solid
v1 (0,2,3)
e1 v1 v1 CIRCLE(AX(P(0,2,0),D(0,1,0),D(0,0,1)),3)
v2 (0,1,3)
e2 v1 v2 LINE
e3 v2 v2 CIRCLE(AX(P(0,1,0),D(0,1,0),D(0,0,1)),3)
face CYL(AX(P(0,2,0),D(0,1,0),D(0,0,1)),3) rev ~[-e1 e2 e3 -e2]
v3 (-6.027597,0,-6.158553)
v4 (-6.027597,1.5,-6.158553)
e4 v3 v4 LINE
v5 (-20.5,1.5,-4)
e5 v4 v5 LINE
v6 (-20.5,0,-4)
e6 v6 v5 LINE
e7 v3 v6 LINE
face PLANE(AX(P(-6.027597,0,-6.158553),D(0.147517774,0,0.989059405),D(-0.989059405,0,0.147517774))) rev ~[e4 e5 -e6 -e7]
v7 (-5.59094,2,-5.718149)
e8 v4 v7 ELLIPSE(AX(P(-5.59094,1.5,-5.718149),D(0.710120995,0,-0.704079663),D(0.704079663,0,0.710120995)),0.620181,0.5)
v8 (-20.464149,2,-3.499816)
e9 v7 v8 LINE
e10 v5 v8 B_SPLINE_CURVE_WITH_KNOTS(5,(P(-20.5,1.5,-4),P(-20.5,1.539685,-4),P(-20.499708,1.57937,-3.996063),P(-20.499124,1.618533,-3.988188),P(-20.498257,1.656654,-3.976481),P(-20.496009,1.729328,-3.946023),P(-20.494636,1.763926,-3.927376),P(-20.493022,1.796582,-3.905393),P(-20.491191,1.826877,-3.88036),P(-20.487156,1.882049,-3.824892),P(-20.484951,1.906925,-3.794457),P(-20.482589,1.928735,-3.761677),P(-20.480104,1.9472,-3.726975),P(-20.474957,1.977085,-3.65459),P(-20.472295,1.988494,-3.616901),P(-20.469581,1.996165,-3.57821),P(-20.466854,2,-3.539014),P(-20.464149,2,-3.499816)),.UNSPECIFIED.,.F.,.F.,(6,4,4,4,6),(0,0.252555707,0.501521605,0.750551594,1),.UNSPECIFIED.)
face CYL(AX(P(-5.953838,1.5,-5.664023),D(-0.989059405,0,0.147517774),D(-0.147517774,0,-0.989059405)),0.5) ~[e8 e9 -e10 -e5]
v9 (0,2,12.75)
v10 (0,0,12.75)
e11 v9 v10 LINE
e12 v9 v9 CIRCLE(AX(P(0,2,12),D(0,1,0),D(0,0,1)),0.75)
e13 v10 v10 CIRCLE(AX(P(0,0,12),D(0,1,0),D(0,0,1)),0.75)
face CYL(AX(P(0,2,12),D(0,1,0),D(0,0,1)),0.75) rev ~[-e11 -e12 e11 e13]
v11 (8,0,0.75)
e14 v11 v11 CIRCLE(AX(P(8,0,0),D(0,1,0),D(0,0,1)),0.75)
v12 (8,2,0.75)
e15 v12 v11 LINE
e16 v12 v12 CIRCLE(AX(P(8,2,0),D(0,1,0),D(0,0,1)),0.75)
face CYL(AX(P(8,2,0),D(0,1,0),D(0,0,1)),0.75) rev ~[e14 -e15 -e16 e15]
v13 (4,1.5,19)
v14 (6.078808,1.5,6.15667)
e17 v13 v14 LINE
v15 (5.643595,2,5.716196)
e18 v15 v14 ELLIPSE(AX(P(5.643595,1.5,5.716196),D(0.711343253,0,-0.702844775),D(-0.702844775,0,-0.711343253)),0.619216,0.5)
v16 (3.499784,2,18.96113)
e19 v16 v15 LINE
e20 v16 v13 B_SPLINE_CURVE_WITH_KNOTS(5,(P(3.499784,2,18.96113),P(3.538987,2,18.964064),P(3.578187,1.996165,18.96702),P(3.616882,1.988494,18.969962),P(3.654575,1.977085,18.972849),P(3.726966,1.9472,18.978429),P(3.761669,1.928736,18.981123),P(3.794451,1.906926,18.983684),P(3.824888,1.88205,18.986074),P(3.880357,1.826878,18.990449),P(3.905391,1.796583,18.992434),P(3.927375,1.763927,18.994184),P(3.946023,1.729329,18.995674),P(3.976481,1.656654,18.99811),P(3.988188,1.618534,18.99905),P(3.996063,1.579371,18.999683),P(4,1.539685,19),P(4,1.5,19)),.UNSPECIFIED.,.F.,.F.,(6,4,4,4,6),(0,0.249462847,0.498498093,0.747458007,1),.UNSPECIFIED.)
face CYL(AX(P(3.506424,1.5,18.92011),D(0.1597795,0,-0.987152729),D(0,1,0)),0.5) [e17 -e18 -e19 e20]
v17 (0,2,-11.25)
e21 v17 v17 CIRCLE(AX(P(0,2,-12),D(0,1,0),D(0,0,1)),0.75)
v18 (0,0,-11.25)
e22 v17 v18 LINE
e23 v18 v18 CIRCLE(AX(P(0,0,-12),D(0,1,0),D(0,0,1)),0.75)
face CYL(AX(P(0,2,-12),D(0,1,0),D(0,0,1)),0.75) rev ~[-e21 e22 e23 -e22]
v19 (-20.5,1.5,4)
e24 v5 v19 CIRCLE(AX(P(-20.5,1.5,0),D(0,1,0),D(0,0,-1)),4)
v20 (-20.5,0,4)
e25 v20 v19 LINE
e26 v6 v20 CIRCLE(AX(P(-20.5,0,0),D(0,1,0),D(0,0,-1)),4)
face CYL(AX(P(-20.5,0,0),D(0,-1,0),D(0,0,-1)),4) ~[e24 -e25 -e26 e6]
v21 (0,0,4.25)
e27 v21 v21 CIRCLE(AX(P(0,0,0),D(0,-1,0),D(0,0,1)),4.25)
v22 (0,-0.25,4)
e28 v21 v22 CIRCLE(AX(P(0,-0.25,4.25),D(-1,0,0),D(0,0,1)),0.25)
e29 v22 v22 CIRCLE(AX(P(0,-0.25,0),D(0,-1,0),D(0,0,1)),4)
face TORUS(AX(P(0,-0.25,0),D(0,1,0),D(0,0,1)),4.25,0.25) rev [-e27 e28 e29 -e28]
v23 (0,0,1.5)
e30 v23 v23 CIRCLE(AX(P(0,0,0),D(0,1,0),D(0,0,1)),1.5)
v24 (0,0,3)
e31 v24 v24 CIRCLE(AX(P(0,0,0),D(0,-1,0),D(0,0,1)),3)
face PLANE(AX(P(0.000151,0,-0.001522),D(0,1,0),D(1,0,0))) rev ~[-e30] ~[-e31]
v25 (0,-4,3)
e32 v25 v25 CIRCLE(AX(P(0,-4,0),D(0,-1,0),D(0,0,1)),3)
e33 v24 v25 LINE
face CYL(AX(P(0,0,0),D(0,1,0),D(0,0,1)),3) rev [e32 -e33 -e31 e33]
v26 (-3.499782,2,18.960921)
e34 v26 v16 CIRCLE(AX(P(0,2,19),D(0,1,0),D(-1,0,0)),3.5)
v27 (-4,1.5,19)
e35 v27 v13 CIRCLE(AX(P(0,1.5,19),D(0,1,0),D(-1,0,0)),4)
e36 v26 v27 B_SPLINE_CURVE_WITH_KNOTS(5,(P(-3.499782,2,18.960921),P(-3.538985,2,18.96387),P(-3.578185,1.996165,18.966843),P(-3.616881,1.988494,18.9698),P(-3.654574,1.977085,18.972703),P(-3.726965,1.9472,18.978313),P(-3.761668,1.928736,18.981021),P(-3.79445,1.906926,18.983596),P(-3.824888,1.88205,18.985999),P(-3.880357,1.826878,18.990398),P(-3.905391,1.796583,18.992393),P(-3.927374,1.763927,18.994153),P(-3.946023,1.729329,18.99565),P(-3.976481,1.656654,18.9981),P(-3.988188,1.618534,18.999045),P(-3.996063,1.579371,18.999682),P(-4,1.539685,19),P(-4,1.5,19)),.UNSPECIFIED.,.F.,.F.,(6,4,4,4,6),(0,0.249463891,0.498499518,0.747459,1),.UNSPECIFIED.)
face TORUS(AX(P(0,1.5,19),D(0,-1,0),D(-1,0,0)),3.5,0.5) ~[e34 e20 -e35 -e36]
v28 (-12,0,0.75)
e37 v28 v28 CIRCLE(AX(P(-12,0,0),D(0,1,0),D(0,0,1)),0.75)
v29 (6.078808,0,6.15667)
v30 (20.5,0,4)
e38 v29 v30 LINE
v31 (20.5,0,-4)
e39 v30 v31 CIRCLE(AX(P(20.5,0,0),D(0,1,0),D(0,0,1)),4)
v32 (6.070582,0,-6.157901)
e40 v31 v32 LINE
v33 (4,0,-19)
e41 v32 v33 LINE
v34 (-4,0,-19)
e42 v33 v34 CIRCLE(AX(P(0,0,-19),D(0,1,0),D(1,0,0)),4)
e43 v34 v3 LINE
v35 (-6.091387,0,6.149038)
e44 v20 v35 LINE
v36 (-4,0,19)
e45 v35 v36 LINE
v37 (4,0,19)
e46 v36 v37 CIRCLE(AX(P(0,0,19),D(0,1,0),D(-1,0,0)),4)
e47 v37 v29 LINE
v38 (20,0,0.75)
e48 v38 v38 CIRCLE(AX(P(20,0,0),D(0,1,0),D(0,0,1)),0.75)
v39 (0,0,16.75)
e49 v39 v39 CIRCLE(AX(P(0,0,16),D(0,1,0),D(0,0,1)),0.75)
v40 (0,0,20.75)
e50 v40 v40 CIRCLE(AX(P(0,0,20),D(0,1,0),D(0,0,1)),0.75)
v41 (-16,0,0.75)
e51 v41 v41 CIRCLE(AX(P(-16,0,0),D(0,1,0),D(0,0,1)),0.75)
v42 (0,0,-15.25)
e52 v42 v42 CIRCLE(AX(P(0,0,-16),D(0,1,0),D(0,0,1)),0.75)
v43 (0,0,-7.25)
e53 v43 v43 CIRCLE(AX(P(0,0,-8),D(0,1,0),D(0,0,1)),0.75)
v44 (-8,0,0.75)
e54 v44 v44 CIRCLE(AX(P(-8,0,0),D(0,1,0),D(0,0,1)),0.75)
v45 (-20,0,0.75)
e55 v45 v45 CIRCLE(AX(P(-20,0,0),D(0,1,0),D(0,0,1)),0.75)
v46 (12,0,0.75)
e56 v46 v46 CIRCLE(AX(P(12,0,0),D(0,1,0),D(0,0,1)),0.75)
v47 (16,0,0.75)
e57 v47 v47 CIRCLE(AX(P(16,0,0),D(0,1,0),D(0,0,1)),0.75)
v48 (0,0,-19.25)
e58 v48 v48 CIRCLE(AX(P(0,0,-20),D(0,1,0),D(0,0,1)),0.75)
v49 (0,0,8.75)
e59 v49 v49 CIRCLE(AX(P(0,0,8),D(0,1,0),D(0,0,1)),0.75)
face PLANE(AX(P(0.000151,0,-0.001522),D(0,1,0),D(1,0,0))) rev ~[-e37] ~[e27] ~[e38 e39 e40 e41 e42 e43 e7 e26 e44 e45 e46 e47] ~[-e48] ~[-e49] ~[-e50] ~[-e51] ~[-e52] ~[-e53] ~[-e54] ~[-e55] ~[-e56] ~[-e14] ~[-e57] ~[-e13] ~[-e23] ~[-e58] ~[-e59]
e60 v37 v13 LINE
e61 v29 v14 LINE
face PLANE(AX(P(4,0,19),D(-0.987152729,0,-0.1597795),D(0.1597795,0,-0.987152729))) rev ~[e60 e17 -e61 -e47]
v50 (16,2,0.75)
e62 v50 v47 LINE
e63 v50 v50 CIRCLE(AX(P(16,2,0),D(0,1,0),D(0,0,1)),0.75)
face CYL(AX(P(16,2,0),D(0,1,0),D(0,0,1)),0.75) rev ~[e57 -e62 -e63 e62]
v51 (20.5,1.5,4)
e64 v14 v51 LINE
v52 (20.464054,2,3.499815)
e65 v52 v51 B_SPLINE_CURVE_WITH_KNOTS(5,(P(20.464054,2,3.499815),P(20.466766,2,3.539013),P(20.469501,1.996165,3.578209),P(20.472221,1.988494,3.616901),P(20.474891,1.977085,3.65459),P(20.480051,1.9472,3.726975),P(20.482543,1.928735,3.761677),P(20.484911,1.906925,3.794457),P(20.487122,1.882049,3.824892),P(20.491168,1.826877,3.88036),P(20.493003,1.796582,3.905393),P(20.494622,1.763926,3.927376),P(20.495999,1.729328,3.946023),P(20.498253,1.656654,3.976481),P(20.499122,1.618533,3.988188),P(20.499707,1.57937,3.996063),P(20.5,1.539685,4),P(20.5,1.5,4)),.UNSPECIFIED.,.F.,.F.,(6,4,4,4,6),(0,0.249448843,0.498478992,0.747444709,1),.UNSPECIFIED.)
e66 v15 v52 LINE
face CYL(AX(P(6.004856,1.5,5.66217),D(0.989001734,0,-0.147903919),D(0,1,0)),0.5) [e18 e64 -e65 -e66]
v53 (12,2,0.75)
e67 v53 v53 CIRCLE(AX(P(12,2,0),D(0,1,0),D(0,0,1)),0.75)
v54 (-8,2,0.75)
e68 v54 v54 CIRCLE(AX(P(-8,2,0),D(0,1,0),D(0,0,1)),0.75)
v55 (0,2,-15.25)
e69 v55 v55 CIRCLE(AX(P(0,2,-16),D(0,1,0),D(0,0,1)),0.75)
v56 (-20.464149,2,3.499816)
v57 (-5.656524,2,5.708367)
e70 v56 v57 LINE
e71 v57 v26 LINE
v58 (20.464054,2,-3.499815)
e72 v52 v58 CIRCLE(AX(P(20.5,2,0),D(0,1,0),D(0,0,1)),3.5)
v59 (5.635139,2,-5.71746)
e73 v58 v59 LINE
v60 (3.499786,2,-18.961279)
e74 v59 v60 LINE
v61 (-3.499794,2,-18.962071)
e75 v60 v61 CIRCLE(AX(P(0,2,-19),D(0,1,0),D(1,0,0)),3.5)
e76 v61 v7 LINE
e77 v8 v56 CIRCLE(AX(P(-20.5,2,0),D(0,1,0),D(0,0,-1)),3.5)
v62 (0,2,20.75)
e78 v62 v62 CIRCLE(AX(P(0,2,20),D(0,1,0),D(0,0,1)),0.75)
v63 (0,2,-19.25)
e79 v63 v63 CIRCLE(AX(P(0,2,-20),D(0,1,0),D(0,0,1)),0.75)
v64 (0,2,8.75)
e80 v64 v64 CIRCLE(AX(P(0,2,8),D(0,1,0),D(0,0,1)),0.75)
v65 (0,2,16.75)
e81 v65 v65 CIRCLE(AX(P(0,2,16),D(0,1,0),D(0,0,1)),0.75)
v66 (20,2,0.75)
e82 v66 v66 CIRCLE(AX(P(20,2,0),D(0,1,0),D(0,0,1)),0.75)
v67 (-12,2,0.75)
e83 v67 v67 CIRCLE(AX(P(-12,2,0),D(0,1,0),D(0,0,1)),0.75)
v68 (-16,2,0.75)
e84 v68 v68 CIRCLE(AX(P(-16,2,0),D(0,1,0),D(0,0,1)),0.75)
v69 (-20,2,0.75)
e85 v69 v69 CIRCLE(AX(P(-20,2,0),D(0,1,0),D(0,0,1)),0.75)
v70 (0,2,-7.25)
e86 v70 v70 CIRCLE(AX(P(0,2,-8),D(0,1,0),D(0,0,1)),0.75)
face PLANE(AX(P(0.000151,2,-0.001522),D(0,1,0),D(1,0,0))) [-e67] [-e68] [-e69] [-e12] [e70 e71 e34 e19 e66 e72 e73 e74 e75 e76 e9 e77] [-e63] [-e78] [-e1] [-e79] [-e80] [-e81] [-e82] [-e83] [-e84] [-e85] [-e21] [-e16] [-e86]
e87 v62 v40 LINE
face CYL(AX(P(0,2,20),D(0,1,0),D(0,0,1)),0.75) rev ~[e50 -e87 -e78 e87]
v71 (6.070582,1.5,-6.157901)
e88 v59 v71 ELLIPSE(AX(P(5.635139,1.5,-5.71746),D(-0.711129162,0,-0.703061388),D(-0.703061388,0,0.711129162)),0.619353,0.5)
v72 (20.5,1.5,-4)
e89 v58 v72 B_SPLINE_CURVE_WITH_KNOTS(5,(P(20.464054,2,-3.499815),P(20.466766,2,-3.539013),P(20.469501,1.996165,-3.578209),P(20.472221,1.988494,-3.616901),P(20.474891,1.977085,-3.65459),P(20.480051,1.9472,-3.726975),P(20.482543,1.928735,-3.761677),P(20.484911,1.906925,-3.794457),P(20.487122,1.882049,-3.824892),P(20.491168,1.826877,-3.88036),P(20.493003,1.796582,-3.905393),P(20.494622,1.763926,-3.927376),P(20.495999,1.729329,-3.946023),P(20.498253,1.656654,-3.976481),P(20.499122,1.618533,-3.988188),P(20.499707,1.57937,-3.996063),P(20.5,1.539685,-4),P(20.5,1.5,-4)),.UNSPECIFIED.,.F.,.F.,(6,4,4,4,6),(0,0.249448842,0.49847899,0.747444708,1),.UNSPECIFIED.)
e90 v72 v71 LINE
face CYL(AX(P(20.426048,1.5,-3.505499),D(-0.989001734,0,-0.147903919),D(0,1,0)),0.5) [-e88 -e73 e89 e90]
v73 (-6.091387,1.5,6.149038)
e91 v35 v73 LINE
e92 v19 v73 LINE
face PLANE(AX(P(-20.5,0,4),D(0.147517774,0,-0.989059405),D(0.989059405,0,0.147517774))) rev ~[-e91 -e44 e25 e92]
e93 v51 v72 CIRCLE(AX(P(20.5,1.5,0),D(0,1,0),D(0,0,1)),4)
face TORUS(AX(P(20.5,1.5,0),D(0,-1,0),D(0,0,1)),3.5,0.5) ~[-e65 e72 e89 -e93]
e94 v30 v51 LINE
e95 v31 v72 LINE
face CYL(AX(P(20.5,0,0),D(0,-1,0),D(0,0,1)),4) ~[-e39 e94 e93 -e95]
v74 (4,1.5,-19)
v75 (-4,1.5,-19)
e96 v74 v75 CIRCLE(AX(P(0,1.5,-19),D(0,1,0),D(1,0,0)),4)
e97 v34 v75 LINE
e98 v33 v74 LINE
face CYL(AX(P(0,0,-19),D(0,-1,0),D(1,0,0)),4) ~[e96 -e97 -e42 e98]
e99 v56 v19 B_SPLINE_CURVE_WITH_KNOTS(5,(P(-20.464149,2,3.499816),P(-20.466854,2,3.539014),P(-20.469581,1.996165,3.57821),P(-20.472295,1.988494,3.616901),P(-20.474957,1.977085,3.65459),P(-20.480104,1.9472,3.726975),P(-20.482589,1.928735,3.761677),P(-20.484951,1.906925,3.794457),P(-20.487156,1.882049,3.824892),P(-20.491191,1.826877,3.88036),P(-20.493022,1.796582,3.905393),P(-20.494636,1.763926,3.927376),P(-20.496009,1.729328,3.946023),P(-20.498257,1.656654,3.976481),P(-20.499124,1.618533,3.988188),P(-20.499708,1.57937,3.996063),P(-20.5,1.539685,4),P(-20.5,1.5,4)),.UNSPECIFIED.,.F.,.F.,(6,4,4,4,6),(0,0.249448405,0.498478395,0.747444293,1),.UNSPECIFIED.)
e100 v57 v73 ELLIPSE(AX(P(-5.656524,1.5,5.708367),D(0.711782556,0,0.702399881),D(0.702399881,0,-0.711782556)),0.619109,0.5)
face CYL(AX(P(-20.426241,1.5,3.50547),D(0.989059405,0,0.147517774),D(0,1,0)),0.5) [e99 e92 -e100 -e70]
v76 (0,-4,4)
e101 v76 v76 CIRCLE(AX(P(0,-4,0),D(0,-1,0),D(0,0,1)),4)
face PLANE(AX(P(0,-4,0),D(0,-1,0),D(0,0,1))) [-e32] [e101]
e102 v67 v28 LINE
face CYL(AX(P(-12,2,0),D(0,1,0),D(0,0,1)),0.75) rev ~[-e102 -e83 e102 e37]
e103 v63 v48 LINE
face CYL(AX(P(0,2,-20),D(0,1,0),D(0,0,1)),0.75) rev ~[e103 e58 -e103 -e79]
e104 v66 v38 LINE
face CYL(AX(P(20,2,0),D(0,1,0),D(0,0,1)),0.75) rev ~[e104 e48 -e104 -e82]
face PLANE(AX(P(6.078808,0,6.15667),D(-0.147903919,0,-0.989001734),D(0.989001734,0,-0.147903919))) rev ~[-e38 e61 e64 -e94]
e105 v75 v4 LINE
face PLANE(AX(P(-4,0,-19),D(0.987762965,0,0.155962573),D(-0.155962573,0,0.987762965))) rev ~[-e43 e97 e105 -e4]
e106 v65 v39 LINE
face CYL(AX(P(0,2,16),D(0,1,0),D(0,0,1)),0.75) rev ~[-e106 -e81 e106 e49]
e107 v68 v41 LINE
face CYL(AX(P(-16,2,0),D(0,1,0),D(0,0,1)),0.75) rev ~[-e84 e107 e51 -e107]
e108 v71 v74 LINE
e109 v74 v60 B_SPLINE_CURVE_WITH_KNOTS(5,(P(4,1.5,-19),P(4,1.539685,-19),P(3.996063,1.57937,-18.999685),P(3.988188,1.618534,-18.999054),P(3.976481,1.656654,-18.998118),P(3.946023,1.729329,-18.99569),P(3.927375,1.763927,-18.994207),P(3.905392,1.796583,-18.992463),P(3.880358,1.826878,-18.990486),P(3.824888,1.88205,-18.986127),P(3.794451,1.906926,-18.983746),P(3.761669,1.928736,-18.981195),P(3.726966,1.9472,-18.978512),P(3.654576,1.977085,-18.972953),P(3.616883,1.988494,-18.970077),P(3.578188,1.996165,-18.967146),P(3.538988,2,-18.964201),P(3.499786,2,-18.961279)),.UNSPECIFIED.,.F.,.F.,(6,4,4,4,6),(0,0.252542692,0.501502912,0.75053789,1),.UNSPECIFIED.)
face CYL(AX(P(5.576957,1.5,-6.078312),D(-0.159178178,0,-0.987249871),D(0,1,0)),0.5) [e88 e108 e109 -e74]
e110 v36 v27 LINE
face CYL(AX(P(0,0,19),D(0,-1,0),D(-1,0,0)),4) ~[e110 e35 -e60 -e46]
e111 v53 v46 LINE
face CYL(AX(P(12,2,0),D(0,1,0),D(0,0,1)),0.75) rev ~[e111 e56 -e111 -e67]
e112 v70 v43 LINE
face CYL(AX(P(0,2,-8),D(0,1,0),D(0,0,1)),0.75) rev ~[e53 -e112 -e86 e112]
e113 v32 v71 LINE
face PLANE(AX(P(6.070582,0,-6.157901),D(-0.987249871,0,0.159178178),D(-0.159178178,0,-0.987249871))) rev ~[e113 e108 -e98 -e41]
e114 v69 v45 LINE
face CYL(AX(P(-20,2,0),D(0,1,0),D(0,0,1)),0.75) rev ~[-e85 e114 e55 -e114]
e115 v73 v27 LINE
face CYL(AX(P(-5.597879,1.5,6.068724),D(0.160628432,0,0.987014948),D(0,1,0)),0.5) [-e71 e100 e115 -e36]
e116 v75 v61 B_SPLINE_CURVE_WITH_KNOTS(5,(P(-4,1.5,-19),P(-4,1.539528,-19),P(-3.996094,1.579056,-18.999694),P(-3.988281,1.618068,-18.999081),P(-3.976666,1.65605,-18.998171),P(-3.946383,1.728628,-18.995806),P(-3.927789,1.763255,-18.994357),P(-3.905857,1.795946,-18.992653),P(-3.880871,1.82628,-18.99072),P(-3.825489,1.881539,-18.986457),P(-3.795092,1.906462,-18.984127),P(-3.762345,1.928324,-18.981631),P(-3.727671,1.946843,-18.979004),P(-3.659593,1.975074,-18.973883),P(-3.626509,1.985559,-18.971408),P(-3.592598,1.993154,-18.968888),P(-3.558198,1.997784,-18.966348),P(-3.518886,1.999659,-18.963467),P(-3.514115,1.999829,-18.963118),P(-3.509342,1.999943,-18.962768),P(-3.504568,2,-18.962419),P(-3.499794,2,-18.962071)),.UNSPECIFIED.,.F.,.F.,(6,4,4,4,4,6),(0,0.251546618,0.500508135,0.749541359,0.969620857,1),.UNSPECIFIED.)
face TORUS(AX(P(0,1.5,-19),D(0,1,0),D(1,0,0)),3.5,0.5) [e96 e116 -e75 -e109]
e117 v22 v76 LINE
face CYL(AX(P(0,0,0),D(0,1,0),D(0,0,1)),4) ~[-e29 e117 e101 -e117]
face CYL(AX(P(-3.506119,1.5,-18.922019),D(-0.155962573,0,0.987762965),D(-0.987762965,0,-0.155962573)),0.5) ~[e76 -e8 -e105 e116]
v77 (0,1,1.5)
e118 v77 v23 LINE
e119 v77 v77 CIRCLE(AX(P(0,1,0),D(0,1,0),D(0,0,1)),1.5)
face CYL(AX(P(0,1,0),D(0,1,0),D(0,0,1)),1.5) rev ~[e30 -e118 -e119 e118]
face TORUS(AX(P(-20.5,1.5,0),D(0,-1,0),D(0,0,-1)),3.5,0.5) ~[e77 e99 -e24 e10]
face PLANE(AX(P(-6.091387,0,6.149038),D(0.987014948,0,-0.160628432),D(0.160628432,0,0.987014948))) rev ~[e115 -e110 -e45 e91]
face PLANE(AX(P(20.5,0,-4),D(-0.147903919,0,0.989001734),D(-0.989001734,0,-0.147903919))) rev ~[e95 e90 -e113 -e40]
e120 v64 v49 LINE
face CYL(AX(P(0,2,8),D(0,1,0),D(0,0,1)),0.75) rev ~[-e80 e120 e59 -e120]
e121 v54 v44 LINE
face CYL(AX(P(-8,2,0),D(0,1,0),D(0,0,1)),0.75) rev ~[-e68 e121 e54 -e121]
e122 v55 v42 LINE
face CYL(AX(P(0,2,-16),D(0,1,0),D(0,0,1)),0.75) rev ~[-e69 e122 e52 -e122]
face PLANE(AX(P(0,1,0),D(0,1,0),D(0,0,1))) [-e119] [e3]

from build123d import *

# Parameters (mm, degrees)
BOSS_EXTRUDE1_DEPTH = 2
SKETCH9_R           = 3
CUT_EXTRUDE1_DEPTH  = 1
SKETCH10_R          = 1.5
CUT_EXTRUDE2_DEPTH  = 1
SKETCH11_R          = 4
SKETCH11_R_2        = 3
BOSS_EXTRUDE2_DEPTH = 4
SKETCH12_R          = 0.75
CUT_EXTRUDE3_DEPTH  = 4
FILLET2_R           = 0.5
FILLET3_R           = 0.25


with BuildPart() as part:
    # Sketch2 → Boss-Extrude1 (new body)
    with BuildSketch(Plane(origin=(0, 0, 0), x_dir=(1, 0, 0), z_dir=(0, 1, 0))):
        with BuildLine():
            Line((-4, 19), (-6.02759697, 6.158552525))
            Line((-6.02759697, 6.158552525), (-20.5, 4))
            ThreePointArc((-20.5, 4), (-24.5, 0), (-20.5, -4))
            Line((-20.5, -4), (-6.091386588, -6.149038332))
            Line((-6.091386588, -6.149038332), (-4, -19))
            ThreePointArc((-4, -19), (0, -23), (4, -19))
            Line((4, -19), (6.078807779, -6.156670477))
            Line((6.078807779, -6.156670477), (20.5, -4))
            ThreePointArc((20.5, -4), (24.5, 0), (20.5, 4))
            Line((20.5, 4), (6.070582171, 6.157900606))
            Line((6.070582171, 6.157900606), (4, 19))
            ThreePointArc((4, 19), (0, 23), (-4, 19))
        make_face()
    extrude(amount=BOSS_EXTRUDE1_DEPTH)

    # Sketch9 → Cut-Extrude1 (cut)
    with BuildSketch(Plane(origin=(0, 2, 0), x_dir=(1, 0, 0), z_dir=(0, 1, 0))):
        with Locations(Location((0, 0, 0), (0, 0, 270))):
            Circle(SKETCH9_R)
    extrude(amount=-CUT_EXTRUDE1_DEPTH, mode=Mode.SUBTRACT)

    # Sketch10 → Cut-Extrude2 (cut)
    with BuildSketch(Plane(origin=(0, 1, 0), x_dir=(1, 0, 0), z_dir=(0, 1, 0))):
        with Locations(Location((0, 0, 0), (0, 0, 270))):
            Circle(SKETCH10_R)
    extrude(amount=-CUT_EXTRUDE2_DEPTH, mode=Mode.SUBTRACT)

    # Sketch11 → Boss-Extrude2 (add)
    with BuildSketch(Plane.XZ):
        with Locations(Location((0, 0, 0), (0, 0, 90))):
            Circle(SKETCH11_R)
        with Locations(Location((0, 0, 0), (0, 0, 90))):
            Circle(SKETCH11_R_2, mode=Mode.SUBTRACT)
    extrude(amount=BOSS_EXTRUDE2_DEPTH)

    # Sketch12 → Cut-Extrude3 (cut)
    with BuildSketch(Plane(origin=(0, 2, 0), x_dir=(1, 0, 0), z_dir=(0, 1, 0))):
        with Locations(Location((0, 8, 0), (0, 0, 270))):
            Circle(SKETCH12_R)
        with Locations(Location((0, 12, 0), (0, 0, 270))):
            Circle(SKETCH12_R)
        with Locations(Location((0, 16, 0), (0, 0, 270))):
            Circle(SKETCH12_R)
        with Locations(Location((0, 20, 0), (0, 0, 270))):
            Circle(SKETCH12_R)
        with Locations(Location((20, 0, 0), (0, 0, 270))):
            Circle(SKETCH12_R)
        with Locations(Location((16, 0, 0), (0, 0, 270))):
            Circle(SKETCH12_R)
        with Locations(Location((12, 0, 0), (0, 0, 270))):
            Circle(SKETCH12_R)
        with Locations(Location((8, 0, 0), (0, 0, 270))):
            Circle(SKETCH12_R)
        with Locations(Location((0, -20, 0), (0, 0, 270))):
            Circle(SKETCH12_R)
        with Locations(Location((0, -16, 0), (0, 0, 270))):
            Circle(SKETCH12_R)
        with Locations(Location((0, -12, 0), (0, 0, 270))):
            Circle(SKETCH12_R)
        with Locations(Location((0, -8, 0), (0, 0, 270))):
            Circle(SKETCH12_R)
        with Locations(Location((-20, 0, 0), (0, 0, 270))):
            Circle(SKETCH12_R)
        with Locations(Location((-16, 0, 0), (0, 0, 270))):
            Circle(SKETCH12_R)
        with Locations(Location((-12, 0, 0), (0, 0, 270))):
            Circle(SKETCH12_R)
        with Locations(Location((-8, 0, 0), (0, 0, 270))):
            Circle(SKETCH12_R)
    extrude(amount=-CUT_EXTRUDE3_DEPTH, mode=Mode.SUBTRACT)

    # Fillet2
    fillet2_edges = [part.edges().sort_by_distance(p)[0] for p in [
        (0, 2, -23),
        (-5.013798485, 2, -12.579276263),
        (-13.263798485, 2, -5.079276263),
        (-24.5, 2, 0),
        (-13.295693294, 2, 5.074519166),
        (-5.045693294, 2, 12.574519166),
        (0, 2, 23),
        (5.03940389, 2, 12.578335238),
        (13.28940389, 2, 5.078335238),
        (24.5, 2, 0),
        (13.285291086, 2, -5.078950303),
        (5.035291086, 2, -12.578950303),
    ]]
    fillet(fillet2_edges, radius=FILLET2_R)

    # Fillet3
    fillet3_edges = [part.edges().sort_by_distance(p)[0] for p in [
        (0, 0, -4),
    ]]
    fillet(fillet3_edges, radius=FILLET3_R)


solid = part.part
